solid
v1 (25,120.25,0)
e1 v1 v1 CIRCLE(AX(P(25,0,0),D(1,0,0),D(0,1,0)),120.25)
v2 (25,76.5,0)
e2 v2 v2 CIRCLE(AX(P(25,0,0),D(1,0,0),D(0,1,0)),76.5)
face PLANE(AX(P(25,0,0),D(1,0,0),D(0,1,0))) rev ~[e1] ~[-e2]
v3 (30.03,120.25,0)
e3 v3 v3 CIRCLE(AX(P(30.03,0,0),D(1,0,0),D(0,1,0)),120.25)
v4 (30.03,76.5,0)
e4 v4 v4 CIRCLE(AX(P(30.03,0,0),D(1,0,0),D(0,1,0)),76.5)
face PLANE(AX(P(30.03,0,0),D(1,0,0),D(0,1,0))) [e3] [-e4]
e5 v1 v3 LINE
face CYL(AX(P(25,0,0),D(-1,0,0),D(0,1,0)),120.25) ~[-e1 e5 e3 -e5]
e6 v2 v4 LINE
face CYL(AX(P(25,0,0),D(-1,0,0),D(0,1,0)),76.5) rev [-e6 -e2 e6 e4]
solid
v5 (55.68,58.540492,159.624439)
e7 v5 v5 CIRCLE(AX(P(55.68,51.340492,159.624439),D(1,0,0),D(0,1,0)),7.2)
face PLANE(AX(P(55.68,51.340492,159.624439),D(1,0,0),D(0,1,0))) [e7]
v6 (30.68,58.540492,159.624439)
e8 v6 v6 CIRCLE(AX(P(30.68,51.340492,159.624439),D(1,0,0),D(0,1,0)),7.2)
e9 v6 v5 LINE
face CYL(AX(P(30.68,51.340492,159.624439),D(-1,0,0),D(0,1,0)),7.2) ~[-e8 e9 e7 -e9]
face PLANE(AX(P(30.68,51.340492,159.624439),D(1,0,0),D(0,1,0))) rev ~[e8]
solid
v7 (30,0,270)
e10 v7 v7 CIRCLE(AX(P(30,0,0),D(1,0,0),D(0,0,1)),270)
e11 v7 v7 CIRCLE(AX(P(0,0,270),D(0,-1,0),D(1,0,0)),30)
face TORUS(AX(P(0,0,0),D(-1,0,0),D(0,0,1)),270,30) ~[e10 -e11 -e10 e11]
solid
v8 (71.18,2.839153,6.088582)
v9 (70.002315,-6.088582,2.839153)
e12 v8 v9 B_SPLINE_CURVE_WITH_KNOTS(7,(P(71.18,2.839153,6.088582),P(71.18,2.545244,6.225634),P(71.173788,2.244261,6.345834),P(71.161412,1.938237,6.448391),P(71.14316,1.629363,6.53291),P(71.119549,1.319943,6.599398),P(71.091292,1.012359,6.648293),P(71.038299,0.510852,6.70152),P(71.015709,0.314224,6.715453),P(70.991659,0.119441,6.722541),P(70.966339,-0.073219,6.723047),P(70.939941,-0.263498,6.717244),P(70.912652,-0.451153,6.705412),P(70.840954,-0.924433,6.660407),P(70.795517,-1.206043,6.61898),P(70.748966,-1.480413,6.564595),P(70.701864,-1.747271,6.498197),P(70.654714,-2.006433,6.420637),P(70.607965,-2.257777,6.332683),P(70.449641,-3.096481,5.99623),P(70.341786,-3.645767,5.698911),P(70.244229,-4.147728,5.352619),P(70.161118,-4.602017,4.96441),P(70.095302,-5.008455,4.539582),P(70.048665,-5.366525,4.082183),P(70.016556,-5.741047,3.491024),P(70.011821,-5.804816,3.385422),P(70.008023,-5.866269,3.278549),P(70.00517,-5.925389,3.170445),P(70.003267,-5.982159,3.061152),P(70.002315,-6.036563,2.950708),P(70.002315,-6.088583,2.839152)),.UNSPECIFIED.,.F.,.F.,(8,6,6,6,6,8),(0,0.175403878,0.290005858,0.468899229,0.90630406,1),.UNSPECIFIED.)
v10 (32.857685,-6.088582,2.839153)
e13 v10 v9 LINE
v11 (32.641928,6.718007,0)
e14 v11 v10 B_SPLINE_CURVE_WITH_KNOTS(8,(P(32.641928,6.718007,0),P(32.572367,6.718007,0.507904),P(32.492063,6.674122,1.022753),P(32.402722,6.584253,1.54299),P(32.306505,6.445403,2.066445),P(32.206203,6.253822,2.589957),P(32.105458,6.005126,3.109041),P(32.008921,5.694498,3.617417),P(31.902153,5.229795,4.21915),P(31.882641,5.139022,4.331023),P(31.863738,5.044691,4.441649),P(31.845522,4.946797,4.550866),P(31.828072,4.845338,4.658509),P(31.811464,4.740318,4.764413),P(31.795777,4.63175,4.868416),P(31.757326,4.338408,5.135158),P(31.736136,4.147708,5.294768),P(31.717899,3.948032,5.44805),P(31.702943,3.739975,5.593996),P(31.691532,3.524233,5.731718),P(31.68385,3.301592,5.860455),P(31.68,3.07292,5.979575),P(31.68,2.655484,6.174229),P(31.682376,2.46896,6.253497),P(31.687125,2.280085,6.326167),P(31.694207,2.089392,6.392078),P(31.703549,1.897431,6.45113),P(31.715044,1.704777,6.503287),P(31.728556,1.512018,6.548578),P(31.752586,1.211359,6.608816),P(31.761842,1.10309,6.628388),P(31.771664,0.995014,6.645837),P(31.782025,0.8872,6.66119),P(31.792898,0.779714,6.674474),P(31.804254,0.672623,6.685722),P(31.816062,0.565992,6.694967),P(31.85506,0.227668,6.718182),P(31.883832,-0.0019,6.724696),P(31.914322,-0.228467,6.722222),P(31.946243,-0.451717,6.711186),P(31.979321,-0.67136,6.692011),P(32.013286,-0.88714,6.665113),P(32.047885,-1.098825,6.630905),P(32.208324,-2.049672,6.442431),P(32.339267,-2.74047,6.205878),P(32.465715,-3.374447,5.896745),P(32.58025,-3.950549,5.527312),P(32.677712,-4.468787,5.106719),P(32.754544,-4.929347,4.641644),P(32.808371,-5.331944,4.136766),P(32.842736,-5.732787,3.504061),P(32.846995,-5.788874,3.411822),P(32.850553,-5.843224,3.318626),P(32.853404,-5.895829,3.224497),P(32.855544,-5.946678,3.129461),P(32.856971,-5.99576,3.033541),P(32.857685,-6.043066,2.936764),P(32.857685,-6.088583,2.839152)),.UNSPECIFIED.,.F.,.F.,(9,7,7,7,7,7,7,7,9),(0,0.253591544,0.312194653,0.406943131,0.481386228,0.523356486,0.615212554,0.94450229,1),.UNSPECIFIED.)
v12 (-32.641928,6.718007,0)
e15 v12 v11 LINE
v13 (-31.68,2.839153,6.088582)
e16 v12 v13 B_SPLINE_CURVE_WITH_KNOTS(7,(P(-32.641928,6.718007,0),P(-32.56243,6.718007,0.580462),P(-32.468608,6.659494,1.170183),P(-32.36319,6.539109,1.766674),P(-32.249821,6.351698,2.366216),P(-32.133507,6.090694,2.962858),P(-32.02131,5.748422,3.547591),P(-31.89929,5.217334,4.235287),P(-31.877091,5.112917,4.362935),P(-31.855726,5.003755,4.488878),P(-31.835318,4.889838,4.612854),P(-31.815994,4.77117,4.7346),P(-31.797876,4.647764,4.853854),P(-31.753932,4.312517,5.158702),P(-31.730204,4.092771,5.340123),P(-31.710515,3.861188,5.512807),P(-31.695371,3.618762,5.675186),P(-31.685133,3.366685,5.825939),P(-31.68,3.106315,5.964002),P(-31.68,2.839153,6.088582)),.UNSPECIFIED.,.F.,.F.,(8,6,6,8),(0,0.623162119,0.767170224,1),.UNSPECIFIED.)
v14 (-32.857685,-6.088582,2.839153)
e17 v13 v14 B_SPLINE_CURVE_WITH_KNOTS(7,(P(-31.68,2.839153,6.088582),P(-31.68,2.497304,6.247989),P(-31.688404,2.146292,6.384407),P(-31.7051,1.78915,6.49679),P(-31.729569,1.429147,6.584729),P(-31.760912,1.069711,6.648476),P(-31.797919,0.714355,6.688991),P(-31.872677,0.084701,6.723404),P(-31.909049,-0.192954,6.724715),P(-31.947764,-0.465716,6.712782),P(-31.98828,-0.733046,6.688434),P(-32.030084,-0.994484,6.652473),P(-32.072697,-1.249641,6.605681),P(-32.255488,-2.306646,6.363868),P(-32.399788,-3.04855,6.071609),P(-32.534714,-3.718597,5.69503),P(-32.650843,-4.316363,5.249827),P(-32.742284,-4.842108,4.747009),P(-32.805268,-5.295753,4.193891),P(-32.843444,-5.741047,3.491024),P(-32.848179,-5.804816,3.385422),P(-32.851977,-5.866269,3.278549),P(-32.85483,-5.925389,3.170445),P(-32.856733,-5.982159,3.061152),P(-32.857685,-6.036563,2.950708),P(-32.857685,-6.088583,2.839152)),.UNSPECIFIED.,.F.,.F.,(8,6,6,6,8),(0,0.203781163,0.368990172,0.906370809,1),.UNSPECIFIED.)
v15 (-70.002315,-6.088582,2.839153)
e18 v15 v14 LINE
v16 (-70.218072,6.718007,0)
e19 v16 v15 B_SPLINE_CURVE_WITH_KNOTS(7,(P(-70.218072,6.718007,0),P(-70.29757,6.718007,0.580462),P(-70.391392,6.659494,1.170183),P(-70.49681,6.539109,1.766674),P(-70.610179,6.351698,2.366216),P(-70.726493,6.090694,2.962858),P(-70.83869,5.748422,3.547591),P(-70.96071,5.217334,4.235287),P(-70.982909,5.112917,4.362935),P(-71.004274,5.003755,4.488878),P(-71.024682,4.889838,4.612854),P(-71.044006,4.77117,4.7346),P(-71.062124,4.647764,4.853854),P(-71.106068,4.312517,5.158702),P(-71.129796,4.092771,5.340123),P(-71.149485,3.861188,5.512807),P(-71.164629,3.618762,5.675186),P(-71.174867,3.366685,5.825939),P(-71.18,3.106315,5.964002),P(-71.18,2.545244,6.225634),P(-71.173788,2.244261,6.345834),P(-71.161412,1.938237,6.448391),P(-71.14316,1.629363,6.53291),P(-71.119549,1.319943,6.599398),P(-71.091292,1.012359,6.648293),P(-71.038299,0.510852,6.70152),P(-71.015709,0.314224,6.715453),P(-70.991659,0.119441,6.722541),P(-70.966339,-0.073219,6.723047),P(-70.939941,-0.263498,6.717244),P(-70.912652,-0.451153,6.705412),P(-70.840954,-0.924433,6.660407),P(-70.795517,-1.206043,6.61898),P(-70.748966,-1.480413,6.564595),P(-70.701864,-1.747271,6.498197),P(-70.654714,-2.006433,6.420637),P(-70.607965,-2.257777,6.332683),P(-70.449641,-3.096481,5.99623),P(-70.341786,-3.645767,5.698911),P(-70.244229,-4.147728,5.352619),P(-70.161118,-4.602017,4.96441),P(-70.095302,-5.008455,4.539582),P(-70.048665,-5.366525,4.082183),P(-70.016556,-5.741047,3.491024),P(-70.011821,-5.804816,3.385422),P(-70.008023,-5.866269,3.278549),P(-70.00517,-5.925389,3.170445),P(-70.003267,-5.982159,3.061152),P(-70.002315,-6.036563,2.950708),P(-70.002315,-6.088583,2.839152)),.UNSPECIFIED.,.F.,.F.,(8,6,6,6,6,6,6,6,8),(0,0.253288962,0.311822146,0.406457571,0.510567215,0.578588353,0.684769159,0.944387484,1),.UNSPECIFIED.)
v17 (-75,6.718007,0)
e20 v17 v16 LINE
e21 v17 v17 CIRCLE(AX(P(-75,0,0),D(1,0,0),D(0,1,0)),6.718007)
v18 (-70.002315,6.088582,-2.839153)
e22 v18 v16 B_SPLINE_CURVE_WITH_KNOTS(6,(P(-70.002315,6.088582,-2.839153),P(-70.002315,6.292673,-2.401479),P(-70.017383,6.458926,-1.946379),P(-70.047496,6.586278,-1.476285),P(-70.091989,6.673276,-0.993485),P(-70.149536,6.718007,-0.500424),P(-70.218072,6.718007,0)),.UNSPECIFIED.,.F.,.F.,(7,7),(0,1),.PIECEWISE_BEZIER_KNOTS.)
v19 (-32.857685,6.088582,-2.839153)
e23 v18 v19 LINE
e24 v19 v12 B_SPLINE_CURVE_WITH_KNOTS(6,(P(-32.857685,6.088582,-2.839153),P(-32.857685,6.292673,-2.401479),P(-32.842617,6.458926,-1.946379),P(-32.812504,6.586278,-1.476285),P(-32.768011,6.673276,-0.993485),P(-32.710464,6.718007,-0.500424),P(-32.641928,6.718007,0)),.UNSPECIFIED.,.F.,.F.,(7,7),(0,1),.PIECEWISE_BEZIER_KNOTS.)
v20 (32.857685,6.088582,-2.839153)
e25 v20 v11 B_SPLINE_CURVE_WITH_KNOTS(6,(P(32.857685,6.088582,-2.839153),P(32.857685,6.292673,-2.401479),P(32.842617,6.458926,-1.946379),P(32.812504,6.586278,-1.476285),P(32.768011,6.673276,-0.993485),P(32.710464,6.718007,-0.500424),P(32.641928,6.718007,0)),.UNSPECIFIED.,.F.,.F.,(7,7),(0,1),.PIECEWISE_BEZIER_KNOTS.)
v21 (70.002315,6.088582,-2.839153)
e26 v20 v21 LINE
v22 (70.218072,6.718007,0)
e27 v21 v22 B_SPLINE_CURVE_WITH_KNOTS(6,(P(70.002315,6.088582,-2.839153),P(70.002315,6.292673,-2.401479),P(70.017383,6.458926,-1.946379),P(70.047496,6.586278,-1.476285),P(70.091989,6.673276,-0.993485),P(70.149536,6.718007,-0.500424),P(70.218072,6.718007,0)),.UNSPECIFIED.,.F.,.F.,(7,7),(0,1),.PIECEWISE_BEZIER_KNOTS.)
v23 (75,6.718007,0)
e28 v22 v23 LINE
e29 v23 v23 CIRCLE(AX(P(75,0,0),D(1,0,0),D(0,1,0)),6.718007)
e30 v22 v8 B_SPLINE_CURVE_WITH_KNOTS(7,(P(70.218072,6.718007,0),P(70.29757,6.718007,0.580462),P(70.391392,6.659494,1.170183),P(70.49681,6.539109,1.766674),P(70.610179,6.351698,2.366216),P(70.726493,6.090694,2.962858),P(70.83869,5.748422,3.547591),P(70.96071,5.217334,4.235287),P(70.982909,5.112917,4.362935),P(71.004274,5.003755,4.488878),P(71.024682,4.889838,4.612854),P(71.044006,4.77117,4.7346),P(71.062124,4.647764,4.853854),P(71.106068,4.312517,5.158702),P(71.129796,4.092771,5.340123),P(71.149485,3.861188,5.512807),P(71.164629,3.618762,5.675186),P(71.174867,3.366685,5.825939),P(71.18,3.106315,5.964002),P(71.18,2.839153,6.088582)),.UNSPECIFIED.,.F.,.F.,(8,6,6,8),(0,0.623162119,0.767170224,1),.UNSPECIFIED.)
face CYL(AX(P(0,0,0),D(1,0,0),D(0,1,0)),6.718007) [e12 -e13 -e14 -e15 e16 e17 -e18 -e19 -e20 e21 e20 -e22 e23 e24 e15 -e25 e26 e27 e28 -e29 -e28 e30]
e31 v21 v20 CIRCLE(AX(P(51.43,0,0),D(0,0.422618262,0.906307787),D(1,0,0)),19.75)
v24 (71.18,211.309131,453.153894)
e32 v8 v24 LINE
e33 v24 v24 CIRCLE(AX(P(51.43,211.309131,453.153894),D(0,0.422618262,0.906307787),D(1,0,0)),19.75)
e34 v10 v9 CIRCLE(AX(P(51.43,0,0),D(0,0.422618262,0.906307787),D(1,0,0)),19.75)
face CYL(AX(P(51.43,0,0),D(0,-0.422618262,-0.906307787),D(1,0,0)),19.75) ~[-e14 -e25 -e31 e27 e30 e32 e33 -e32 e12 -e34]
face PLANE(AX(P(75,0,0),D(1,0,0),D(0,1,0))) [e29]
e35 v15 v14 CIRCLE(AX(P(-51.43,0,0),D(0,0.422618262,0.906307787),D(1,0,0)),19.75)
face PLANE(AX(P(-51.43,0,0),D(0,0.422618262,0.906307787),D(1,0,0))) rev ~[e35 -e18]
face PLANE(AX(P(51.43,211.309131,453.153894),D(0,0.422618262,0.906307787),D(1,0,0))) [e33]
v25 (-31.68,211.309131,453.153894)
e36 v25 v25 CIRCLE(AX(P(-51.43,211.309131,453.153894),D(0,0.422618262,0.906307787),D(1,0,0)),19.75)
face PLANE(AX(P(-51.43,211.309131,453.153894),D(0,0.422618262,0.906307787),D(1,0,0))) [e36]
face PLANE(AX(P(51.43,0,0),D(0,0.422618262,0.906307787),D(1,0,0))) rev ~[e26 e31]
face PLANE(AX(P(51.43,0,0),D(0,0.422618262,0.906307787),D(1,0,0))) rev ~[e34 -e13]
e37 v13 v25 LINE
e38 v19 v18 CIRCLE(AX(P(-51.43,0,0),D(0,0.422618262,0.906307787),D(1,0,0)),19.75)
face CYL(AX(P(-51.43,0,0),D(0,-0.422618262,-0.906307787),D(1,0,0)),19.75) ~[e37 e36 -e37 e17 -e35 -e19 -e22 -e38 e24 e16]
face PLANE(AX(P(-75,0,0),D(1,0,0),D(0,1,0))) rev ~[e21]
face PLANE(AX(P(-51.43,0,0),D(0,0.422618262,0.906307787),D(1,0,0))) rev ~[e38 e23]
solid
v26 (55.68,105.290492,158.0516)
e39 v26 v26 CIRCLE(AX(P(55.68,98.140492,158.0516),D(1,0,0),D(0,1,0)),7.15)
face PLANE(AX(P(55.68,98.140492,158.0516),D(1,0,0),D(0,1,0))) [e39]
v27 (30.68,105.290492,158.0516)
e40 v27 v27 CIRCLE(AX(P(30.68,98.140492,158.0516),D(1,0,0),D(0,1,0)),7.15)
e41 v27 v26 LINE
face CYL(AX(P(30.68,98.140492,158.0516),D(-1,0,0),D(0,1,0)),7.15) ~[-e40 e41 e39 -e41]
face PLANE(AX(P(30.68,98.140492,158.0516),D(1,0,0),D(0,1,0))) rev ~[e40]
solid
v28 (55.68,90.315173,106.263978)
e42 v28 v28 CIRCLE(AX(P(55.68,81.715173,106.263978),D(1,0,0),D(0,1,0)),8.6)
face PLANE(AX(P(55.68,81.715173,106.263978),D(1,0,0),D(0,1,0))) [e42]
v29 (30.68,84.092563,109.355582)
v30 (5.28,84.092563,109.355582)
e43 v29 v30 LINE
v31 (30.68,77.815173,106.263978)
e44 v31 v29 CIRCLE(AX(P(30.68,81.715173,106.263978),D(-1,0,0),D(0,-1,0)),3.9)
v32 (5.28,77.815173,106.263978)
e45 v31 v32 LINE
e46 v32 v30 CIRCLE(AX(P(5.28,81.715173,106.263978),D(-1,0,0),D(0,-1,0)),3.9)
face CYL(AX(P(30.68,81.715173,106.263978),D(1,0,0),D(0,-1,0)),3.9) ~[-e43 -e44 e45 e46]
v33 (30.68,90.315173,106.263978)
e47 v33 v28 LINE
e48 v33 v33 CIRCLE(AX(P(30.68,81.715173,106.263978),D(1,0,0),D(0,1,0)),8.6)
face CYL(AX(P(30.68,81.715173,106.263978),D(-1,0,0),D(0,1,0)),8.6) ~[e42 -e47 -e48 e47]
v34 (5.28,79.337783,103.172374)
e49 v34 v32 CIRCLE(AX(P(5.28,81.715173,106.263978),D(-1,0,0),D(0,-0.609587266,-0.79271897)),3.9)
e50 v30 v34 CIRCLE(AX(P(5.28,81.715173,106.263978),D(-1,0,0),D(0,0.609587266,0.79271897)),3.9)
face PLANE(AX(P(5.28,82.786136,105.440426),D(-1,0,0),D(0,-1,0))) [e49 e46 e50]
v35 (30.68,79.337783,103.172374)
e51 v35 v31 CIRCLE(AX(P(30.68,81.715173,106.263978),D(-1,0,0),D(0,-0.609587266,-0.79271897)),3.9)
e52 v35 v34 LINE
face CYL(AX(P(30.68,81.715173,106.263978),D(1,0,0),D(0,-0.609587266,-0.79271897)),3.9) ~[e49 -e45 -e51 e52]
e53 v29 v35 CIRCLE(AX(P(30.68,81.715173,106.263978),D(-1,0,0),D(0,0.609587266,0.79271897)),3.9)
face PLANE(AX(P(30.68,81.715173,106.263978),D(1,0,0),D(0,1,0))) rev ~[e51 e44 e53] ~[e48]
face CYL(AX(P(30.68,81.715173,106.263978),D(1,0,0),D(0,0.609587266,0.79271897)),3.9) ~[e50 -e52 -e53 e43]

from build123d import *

# Parameters (mm, degrees)
F0_R      = 30
F2_R      = 6.7180073403
F3_DEPTH  = 75
F5_R      = 120.25
F5_R_2    = 76.5
F6_DEPTH  = 5.03
F9_R      = 19.75
F10_DEPTH = 500
F12_R     = 7.15
F13_DEPTH = 25
F12_R_2   = 8.6
F12_R_3   = 7.2
F15_DEPTH = 25.4


with BuildPart() as f1:
    # F0 (on Front) → F1 (revolve)
    with BuildSketch(Plane.XZ):
        with Locations((0, 270)):
            Circle(F0_R)
    revolve(axis=Axis((18.4466056526, 0, 0), (1, 0, 0)))


with BuildPart() as f3:
    # F2 (on Right) → F3 (new body, symmetric)
    with BuildSketch(Plane.YZ):
        Circle(F2_R)
    extrude(amount=F3_DEPTH, both=True)

    # F9 (on line) → F10 (join)
    with BuildSketch(Plane(origin=(0, 0, 0), x_dir=(1, 0, 0), z_dir=(0, 0.4226182617, 0.906307787))):
        with Locations((-51.43, 0)):
            Circle(F9_R)
        with Locations((51.43, 0)):
            Circle(F9_R)
    extrude(amount=F10_DEPTH)


with BuildPart() as f6:
    # F5 (on offset) → F6 (new body)
    with BuildSketch(Plane.YZ.offset(25)):
        Circle(F5_R)
        Circle(F5_R_2, mode=Mode.SUBTRACT)
    extrude(amount=F6_DEPTH)


with BuildPart() as f13:
    # F12 (on plane+point) → F13 (new body)
    with BuildSketch(Plane.YZ.offset(30.68)):
        with Locations((98.1404922951, 158.0515998422)):
            Circle(F12_R)
    extrude(amount=F13_DEPTH)


with BuildPart() as f13b:
    # F12 (on plane+point) → F13, piece 2 (new body)
    with BuildSketch(Plane.YZ.offset(30.68)):
        with Locations((81.7151730176, 106.263977898)):
            Circle(F12_R_2)
    extrude(amount=F13_DEPTH)

    # F14 (on face) → F15 (join)
    with BuildSketch(Plane(origin=(30.68, 0, 0), x_dir=(0, -1, 0), z_dir=(-1, 0, 0))):
        with BuildLine():
            Line((-79.3377826799, 103.1723739159), (-84.0925633553, 109.3555818801))
            ThreePointArc((-84.0925633553, 109.3555818801), (-84.8067769997, 103.8865875603), (-79.3377826799, 103.1723739159))
        make_face()
        with BuildLine():
            ThreePointArc((-79.3377826799, 103.1723739159), (-78.2164716645, 104.5408734782), (-77.8151730176, 106.263977898))
            ThreePointArc((-77.8151730176, 106.263977898), (-79.9920685978, 109.7626792511), (-84.0925633553, 109.3555818801))
            Line((-84.0925633553, 109.3555818801), (-79.3377826799, 103.1723739159))
        make_face()
    extrude(amount=F15_DEPTH)


with BuildPart() as f13c:
    # F12 (on plane+point) → F13, piece 3 (new body)
    with BuildSketch(Plane.YZ.offset(30.68)):
        with Locations((51.3404922951, 159.6244386438)):
            Circle(F12_R_3)
    extrude(amount=F13_DEPTH)


solid = Compound([f1.part, f3.part, f6.part, f13.part, f13b.part, f13c.part])
